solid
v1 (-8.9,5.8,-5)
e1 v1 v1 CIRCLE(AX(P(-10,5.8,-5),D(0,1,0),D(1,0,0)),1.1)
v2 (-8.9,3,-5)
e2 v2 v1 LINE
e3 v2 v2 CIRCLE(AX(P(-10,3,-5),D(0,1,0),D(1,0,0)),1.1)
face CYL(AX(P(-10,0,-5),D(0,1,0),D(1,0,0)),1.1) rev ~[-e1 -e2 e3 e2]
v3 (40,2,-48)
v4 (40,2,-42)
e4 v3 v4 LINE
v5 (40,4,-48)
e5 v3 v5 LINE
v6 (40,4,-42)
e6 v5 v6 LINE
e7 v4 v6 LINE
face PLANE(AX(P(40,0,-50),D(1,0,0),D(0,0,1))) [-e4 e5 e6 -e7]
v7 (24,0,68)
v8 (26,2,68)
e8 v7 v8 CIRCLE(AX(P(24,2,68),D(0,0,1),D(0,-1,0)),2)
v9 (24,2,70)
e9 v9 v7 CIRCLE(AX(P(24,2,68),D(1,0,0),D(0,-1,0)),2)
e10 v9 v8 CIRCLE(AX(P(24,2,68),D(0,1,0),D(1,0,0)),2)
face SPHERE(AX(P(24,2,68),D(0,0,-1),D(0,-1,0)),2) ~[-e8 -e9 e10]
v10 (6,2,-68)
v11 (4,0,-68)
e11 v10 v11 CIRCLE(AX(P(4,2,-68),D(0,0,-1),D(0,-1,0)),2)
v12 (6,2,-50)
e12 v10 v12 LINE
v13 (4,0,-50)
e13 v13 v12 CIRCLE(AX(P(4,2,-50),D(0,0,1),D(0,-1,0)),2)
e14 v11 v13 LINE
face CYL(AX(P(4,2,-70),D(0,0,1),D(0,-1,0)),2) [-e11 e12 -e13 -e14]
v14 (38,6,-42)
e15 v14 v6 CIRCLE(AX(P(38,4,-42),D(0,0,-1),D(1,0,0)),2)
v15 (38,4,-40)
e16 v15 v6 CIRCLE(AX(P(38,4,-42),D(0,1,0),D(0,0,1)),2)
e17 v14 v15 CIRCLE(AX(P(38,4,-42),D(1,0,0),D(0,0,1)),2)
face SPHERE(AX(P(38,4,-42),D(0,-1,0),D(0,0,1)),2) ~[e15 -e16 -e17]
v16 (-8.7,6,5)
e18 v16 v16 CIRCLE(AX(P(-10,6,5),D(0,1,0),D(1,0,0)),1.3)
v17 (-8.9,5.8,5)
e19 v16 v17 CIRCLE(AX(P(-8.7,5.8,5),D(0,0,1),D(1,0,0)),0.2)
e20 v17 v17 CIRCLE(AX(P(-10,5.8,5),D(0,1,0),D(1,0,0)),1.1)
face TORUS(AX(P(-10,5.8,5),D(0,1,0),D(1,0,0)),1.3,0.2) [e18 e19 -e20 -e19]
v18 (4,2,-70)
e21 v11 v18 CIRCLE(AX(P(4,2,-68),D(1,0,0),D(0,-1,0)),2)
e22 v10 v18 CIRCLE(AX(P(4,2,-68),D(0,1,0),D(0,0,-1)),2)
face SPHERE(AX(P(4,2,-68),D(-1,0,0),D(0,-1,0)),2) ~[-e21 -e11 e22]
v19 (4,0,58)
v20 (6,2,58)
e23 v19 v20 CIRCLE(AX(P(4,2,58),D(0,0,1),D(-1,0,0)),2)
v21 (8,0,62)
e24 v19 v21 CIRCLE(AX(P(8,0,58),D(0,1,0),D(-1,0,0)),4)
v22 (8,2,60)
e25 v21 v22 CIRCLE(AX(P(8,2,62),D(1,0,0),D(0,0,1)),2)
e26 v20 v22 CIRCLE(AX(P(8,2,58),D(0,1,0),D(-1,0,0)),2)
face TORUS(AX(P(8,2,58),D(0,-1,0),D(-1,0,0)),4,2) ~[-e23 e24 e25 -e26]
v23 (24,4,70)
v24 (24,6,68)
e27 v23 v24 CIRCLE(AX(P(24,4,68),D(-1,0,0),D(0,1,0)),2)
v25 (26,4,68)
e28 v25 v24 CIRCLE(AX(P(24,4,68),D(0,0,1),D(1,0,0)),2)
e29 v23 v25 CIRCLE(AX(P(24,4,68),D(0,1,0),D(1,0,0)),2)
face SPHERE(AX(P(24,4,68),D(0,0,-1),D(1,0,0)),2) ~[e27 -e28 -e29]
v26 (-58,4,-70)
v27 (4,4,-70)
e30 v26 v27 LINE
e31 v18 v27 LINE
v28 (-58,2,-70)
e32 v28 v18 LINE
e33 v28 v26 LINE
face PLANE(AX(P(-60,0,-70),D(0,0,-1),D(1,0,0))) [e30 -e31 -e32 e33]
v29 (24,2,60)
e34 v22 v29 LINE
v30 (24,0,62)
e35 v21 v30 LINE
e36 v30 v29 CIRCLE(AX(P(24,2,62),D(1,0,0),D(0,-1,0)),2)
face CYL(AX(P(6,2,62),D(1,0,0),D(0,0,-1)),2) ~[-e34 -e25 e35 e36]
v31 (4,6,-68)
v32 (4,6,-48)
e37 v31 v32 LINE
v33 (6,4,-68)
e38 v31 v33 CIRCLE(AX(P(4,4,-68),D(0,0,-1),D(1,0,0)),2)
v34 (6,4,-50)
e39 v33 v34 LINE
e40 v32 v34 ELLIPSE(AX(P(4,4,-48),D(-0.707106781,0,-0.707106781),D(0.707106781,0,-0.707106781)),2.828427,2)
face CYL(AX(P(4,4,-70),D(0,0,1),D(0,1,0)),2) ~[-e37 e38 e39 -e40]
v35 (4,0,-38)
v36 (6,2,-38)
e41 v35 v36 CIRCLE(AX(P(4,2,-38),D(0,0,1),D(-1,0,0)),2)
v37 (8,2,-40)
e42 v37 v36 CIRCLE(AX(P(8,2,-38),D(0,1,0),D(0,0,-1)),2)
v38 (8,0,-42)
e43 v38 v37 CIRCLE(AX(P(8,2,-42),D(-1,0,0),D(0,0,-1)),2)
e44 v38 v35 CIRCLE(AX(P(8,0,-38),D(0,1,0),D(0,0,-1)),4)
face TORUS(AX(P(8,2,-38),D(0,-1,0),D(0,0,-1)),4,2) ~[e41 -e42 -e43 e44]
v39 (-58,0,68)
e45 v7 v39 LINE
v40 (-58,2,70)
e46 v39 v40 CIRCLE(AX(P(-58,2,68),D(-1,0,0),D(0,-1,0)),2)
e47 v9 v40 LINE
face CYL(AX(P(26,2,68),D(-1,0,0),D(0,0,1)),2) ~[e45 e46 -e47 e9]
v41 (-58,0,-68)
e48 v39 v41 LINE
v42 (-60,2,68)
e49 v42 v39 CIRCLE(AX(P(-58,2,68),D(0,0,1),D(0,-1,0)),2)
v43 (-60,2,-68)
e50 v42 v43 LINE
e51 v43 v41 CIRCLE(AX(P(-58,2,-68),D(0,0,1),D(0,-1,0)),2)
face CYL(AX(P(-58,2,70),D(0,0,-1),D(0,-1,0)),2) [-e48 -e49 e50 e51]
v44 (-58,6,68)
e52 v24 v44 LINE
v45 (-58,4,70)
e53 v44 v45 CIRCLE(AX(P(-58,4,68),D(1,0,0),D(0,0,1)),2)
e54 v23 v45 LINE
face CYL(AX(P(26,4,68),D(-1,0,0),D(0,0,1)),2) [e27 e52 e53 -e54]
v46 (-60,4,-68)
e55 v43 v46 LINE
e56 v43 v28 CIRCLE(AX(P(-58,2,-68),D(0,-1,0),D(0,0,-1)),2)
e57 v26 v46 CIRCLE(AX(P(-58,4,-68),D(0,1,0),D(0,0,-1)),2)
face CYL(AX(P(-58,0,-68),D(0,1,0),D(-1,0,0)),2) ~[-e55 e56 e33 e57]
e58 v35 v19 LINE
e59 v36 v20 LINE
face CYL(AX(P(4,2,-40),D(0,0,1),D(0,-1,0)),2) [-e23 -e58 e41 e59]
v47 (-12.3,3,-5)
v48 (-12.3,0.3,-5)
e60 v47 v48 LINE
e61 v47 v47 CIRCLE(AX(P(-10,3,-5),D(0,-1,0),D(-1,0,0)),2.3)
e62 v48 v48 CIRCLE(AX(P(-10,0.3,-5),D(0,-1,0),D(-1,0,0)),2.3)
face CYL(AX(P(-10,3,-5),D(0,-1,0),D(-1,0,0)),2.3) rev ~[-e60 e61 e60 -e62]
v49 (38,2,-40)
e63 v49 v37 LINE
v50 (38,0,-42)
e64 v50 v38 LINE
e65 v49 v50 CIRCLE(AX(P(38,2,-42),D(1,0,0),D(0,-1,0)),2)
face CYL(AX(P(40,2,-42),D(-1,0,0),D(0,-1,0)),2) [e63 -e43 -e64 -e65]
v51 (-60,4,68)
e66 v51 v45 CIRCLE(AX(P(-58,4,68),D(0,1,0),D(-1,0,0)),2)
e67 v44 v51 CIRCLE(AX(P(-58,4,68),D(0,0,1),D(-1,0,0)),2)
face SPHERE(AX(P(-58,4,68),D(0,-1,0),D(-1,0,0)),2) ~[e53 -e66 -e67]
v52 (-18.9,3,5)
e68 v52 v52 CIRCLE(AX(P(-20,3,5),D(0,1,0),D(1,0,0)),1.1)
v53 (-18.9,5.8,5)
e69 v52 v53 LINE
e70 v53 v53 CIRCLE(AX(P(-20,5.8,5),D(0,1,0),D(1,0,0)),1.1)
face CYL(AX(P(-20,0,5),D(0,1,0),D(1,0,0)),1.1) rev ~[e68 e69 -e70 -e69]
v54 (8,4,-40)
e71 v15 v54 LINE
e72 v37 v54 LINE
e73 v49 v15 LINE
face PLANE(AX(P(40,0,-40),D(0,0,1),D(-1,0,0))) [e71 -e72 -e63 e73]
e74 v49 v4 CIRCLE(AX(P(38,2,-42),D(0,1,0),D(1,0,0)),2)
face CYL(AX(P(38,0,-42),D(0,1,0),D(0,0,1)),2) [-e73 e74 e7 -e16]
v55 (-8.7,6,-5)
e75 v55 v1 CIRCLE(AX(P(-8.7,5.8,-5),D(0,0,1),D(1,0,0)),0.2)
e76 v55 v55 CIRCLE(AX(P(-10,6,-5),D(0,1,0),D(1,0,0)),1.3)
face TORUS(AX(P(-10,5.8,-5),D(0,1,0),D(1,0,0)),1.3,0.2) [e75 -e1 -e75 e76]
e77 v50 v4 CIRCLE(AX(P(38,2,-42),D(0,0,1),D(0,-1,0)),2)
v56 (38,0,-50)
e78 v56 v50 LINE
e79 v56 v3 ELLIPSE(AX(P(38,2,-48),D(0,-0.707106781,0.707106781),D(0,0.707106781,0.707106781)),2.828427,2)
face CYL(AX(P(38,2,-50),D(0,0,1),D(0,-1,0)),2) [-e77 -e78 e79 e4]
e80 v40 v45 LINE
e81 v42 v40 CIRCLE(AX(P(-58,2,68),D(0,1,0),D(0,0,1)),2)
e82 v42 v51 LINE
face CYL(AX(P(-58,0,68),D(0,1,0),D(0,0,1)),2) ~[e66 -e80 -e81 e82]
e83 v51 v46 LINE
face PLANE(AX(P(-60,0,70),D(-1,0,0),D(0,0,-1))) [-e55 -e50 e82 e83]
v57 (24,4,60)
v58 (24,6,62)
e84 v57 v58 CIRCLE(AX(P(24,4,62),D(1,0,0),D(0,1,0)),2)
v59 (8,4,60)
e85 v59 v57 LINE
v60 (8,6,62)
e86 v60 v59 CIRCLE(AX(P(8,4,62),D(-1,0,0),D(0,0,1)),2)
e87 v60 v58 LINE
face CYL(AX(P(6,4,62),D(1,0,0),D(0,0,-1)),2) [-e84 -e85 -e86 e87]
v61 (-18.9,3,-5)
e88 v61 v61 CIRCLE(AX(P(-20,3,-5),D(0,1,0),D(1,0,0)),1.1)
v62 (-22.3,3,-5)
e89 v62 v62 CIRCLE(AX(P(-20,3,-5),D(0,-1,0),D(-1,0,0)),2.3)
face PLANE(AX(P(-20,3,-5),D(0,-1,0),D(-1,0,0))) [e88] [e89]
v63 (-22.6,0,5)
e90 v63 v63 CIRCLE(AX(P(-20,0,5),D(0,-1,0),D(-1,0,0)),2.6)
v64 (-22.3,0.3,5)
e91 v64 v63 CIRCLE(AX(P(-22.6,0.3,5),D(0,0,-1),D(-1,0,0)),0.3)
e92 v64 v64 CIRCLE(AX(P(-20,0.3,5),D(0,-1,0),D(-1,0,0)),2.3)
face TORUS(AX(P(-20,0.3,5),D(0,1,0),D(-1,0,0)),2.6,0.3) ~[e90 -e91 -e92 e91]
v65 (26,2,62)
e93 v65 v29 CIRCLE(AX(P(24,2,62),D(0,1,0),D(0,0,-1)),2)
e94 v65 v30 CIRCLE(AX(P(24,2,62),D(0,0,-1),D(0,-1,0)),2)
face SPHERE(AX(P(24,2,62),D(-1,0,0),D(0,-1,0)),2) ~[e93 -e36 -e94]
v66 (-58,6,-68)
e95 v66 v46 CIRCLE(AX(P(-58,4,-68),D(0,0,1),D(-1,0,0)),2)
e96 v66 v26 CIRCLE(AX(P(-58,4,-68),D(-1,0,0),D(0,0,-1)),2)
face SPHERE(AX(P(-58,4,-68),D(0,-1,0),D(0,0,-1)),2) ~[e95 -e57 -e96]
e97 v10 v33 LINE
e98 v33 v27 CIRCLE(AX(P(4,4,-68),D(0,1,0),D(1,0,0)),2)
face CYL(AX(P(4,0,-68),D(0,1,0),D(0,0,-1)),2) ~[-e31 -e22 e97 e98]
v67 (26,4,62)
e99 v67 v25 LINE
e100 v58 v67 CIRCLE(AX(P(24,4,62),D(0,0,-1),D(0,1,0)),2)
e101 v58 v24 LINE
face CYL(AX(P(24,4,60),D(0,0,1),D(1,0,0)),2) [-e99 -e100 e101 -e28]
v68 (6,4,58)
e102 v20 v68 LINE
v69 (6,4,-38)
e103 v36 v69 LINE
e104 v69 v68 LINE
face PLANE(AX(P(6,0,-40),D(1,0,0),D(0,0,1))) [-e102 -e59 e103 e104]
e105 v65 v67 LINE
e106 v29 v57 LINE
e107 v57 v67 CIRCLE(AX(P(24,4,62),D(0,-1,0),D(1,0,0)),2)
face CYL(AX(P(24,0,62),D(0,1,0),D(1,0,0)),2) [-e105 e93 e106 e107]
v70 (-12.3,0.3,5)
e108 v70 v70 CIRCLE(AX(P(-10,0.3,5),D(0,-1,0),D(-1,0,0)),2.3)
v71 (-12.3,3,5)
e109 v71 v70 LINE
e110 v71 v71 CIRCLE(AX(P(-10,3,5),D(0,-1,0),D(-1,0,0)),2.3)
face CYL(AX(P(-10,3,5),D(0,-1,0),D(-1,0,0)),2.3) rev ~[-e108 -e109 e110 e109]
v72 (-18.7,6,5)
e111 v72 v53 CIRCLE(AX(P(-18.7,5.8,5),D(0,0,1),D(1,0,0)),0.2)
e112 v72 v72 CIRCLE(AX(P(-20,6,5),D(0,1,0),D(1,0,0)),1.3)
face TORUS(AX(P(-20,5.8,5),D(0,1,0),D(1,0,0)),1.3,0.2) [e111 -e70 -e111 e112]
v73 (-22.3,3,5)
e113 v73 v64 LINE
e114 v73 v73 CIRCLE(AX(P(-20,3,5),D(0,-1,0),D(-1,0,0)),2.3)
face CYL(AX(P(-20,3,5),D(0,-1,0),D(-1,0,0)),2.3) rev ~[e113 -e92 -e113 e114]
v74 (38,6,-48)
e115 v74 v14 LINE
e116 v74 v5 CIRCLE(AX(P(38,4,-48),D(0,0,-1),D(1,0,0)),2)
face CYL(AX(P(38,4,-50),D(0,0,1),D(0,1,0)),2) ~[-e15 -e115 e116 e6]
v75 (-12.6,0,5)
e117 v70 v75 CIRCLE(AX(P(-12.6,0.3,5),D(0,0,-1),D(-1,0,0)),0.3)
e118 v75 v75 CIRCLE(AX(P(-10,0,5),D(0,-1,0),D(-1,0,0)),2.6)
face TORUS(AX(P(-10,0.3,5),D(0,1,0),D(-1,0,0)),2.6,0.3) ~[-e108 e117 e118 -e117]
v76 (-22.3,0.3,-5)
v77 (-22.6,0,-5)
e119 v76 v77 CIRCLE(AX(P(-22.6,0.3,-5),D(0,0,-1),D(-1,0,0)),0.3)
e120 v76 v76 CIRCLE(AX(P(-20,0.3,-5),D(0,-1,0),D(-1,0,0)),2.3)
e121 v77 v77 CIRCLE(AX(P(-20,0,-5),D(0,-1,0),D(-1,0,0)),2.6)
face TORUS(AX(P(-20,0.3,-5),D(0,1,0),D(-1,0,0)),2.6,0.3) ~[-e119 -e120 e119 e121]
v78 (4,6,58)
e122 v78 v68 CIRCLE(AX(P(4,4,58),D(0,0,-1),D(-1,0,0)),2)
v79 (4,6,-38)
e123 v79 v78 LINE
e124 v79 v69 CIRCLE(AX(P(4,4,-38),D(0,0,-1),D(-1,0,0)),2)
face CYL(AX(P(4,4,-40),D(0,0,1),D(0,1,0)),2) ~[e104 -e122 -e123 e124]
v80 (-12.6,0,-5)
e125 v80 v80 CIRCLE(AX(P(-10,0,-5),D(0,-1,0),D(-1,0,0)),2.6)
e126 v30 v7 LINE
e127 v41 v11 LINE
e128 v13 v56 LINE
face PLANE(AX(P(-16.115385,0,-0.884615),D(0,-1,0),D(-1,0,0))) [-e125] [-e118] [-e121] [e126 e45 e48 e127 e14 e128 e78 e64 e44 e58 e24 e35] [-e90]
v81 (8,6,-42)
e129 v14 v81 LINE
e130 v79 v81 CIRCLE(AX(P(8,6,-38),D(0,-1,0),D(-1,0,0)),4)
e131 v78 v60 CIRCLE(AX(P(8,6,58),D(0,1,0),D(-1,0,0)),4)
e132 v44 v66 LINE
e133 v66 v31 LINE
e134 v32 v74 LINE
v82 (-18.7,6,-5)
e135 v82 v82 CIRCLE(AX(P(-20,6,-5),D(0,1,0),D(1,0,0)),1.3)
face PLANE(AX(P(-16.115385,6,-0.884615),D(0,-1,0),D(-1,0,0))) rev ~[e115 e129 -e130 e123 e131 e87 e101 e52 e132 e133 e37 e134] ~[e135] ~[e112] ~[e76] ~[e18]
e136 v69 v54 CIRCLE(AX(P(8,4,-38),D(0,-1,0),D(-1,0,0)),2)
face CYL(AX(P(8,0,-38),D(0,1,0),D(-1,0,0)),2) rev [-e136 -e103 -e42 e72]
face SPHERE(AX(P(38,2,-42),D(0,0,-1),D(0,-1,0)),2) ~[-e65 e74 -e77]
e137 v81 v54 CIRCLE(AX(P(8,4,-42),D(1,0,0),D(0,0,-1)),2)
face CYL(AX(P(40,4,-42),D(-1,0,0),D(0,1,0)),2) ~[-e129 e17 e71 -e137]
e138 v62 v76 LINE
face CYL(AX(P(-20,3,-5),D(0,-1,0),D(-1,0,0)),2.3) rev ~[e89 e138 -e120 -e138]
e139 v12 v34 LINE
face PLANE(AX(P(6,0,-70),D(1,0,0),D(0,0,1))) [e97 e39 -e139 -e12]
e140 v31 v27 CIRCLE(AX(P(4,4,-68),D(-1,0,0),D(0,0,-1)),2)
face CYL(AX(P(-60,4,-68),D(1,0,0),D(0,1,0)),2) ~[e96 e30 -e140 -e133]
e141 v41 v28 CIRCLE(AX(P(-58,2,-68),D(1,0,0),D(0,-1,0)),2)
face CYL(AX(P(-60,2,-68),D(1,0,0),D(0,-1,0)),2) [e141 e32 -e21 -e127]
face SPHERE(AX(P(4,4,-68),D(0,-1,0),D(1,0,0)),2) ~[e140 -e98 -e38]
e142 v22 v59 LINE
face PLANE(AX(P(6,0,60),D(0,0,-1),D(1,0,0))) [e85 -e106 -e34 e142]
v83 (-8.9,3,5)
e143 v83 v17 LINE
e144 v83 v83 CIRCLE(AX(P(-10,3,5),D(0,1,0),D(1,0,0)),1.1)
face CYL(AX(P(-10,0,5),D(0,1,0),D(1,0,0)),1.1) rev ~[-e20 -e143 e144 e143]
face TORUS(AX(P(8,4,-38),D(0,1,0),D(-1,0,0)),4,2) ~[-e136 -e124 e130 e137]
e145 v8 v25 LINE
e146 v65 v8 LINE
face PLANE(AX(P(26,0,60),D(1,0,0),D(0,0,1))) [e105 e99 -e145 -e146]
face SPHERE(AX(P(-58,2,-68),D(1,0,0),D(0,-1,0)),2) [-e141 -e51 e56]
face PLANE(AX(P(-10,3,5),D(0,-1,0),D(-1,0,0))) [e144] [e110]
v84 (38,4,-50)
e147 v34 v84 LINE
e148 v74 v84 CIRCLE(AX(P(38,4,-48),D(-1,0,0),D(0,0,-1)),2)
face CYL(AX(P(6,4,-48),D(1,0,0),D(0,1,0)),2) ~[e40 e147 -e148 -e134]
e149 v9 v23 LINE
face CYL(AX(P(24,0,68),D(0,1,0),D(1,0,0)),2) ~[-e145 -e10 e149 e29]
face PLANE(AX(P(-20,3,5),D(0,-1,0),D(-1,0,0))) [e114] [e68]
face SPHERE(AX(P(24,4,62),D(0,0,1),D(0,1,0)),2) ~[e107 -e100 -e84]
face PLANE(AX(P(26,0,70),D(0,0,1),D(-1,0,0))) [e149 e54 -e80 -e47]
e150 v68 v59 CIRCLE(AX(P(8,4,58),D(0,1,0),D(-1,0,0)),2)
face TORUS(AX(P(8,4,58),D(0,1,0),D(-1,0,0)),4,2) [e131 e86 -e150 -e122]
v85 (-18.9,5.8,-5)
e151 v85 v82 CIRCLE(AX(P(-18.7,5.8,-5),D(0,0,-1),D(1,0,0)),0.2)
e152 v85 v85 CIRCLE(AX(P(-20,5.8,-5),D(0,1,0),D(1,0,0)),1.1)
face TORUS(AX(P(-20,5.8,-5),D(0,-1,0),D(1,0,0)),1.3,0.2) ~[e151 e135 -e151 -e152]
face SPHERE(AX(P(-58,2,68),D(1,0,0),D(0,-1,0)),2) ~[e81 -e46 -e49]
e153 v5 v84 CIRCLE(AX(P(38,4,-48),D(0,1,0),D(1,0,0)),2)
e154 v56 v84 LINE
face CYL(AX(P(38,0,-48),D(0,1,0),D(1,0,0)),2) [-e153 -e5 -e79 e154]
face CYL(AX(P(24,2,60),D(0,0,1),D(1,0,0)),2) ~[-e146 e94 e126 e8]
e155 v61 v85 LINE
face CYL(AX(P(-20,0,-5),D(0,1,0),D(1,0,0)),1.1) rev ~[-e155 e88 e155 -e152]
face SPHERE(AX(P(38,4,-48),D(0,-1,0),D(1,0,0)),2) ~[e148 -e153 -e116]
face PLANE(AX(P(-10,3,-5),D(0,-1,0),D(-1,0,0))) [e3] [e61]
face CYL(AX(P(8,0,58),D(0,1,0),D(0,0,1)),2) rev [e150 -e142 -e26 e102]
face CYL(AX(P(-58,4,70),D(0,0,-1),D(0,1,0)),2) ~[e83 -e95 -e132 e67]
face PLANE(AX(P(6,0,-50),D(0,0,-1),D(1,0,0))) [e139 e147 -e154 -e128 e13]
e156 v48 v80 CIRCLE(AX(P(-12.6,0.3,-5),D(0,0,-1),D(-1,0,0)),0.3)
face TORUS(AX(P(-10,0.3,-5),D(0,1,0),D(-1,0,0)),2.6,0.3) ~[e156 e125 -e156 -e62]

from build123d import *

# Parameters (mm, degrees)
EXTRUDE_1_DEPTH              = 6
HOLE_WIZARD_M2_1_D           = 2.2
HOLE_WIZARD_M2_1_CBORE_D     = 4.6
HOLE_WIZARD_M2_1_CBORE_DEPTH = 3
FILLET1_R                    = 2
FILLET2_R                    = 0.3
FILLET3_R                    = 0.2


with BuildPart() as part:
    # 草图1 → 凸台-拉伸1 (new body)
    with BuildSketch(Plane(origin=(0, 0, 0), x_dir=(1, 0, 0), z_dir=(0, 1, 0))):
        Polygon((26, -60), (26, -70), (-60, -70), (-60, 70), (6, 70), (6, 50), (40, 50), (40, 40), (6, 40), (6, -60), align=None)
    extrude(amount=EXTRUDE_1_DEPTH)

    # M2 六角头机械螺钉的柱形沉头孔1 (through all)
    with Locations(Plane(origin=(0, 0, 0), x_dir=(-1, 0, 0), z_dir=(0, -1, 0))):
        with Locations((10, 5), (20, 5), (20, -5), (10, -5)):
            CounterBoreHole(HOLE_WIZARD_M2_1_D / 2, HOLE_WIZARD_M2_1_CBORE_D / 2, HOLE_WIZARD_M2_1_CBORE_DEPTH)

    # Fillet1
    fillet1_edges = [part.edges().sort_by_distance(p)[0] for p in [
        (-27, 0, -70),
        (6, 0, -60),
        (40, 0, -45),
        (23, 0, -40),
        (6, 0, 10),
        (16, 0, 60),
        (26, 6, 65),
        (26, 0, 65),
        (-17, 0, 70),
        (-60, 0, 0),
        (16, 6, 60),
        (-60, 3, -70),
        (6, 3, -70),
        (40, 3, -50),
        (40, 3, -40),
        (6, 3, -40),
        (6, 3, 60),
        (26, 3, 60),
        (26, 3, 70),
        (-60, 3, 70),
        (6, 6, 10),
        (23, 6, -40),
        (40, 6, -45),
        (23, 6, -50),
        (6, 6, -60),
        (-27, 6, -70),
        (-60, 6, 0),
        (-17, 6, 70),
    ]]
    fillet(fillet1_edges, radius=FILLET1_R)

    # Fillet2
    fillet2_edges = [part.edges().sort_by_distance(p)[0] for p in [
        (-7.7, 0, 5),
        (-17.7, 0, 5),
        (-17.7, 0, -5),
        (-7.7, 0, -5),
    ]]
    fillet(fillet2_edges, radius=FILLET2_R)

    # Fillet3
    fillet3_edges = [part.edges().sort_by_distance(p)[0] for p in [
        (-11.1, 6, 5),
        (-21.1, 6, 5),
        (-21.1, 6, -5),
        (-11.1, 6, -5),
    ]]
    fillet(fillet3_edges, radius=FILLET3_R)


solid = part.part
